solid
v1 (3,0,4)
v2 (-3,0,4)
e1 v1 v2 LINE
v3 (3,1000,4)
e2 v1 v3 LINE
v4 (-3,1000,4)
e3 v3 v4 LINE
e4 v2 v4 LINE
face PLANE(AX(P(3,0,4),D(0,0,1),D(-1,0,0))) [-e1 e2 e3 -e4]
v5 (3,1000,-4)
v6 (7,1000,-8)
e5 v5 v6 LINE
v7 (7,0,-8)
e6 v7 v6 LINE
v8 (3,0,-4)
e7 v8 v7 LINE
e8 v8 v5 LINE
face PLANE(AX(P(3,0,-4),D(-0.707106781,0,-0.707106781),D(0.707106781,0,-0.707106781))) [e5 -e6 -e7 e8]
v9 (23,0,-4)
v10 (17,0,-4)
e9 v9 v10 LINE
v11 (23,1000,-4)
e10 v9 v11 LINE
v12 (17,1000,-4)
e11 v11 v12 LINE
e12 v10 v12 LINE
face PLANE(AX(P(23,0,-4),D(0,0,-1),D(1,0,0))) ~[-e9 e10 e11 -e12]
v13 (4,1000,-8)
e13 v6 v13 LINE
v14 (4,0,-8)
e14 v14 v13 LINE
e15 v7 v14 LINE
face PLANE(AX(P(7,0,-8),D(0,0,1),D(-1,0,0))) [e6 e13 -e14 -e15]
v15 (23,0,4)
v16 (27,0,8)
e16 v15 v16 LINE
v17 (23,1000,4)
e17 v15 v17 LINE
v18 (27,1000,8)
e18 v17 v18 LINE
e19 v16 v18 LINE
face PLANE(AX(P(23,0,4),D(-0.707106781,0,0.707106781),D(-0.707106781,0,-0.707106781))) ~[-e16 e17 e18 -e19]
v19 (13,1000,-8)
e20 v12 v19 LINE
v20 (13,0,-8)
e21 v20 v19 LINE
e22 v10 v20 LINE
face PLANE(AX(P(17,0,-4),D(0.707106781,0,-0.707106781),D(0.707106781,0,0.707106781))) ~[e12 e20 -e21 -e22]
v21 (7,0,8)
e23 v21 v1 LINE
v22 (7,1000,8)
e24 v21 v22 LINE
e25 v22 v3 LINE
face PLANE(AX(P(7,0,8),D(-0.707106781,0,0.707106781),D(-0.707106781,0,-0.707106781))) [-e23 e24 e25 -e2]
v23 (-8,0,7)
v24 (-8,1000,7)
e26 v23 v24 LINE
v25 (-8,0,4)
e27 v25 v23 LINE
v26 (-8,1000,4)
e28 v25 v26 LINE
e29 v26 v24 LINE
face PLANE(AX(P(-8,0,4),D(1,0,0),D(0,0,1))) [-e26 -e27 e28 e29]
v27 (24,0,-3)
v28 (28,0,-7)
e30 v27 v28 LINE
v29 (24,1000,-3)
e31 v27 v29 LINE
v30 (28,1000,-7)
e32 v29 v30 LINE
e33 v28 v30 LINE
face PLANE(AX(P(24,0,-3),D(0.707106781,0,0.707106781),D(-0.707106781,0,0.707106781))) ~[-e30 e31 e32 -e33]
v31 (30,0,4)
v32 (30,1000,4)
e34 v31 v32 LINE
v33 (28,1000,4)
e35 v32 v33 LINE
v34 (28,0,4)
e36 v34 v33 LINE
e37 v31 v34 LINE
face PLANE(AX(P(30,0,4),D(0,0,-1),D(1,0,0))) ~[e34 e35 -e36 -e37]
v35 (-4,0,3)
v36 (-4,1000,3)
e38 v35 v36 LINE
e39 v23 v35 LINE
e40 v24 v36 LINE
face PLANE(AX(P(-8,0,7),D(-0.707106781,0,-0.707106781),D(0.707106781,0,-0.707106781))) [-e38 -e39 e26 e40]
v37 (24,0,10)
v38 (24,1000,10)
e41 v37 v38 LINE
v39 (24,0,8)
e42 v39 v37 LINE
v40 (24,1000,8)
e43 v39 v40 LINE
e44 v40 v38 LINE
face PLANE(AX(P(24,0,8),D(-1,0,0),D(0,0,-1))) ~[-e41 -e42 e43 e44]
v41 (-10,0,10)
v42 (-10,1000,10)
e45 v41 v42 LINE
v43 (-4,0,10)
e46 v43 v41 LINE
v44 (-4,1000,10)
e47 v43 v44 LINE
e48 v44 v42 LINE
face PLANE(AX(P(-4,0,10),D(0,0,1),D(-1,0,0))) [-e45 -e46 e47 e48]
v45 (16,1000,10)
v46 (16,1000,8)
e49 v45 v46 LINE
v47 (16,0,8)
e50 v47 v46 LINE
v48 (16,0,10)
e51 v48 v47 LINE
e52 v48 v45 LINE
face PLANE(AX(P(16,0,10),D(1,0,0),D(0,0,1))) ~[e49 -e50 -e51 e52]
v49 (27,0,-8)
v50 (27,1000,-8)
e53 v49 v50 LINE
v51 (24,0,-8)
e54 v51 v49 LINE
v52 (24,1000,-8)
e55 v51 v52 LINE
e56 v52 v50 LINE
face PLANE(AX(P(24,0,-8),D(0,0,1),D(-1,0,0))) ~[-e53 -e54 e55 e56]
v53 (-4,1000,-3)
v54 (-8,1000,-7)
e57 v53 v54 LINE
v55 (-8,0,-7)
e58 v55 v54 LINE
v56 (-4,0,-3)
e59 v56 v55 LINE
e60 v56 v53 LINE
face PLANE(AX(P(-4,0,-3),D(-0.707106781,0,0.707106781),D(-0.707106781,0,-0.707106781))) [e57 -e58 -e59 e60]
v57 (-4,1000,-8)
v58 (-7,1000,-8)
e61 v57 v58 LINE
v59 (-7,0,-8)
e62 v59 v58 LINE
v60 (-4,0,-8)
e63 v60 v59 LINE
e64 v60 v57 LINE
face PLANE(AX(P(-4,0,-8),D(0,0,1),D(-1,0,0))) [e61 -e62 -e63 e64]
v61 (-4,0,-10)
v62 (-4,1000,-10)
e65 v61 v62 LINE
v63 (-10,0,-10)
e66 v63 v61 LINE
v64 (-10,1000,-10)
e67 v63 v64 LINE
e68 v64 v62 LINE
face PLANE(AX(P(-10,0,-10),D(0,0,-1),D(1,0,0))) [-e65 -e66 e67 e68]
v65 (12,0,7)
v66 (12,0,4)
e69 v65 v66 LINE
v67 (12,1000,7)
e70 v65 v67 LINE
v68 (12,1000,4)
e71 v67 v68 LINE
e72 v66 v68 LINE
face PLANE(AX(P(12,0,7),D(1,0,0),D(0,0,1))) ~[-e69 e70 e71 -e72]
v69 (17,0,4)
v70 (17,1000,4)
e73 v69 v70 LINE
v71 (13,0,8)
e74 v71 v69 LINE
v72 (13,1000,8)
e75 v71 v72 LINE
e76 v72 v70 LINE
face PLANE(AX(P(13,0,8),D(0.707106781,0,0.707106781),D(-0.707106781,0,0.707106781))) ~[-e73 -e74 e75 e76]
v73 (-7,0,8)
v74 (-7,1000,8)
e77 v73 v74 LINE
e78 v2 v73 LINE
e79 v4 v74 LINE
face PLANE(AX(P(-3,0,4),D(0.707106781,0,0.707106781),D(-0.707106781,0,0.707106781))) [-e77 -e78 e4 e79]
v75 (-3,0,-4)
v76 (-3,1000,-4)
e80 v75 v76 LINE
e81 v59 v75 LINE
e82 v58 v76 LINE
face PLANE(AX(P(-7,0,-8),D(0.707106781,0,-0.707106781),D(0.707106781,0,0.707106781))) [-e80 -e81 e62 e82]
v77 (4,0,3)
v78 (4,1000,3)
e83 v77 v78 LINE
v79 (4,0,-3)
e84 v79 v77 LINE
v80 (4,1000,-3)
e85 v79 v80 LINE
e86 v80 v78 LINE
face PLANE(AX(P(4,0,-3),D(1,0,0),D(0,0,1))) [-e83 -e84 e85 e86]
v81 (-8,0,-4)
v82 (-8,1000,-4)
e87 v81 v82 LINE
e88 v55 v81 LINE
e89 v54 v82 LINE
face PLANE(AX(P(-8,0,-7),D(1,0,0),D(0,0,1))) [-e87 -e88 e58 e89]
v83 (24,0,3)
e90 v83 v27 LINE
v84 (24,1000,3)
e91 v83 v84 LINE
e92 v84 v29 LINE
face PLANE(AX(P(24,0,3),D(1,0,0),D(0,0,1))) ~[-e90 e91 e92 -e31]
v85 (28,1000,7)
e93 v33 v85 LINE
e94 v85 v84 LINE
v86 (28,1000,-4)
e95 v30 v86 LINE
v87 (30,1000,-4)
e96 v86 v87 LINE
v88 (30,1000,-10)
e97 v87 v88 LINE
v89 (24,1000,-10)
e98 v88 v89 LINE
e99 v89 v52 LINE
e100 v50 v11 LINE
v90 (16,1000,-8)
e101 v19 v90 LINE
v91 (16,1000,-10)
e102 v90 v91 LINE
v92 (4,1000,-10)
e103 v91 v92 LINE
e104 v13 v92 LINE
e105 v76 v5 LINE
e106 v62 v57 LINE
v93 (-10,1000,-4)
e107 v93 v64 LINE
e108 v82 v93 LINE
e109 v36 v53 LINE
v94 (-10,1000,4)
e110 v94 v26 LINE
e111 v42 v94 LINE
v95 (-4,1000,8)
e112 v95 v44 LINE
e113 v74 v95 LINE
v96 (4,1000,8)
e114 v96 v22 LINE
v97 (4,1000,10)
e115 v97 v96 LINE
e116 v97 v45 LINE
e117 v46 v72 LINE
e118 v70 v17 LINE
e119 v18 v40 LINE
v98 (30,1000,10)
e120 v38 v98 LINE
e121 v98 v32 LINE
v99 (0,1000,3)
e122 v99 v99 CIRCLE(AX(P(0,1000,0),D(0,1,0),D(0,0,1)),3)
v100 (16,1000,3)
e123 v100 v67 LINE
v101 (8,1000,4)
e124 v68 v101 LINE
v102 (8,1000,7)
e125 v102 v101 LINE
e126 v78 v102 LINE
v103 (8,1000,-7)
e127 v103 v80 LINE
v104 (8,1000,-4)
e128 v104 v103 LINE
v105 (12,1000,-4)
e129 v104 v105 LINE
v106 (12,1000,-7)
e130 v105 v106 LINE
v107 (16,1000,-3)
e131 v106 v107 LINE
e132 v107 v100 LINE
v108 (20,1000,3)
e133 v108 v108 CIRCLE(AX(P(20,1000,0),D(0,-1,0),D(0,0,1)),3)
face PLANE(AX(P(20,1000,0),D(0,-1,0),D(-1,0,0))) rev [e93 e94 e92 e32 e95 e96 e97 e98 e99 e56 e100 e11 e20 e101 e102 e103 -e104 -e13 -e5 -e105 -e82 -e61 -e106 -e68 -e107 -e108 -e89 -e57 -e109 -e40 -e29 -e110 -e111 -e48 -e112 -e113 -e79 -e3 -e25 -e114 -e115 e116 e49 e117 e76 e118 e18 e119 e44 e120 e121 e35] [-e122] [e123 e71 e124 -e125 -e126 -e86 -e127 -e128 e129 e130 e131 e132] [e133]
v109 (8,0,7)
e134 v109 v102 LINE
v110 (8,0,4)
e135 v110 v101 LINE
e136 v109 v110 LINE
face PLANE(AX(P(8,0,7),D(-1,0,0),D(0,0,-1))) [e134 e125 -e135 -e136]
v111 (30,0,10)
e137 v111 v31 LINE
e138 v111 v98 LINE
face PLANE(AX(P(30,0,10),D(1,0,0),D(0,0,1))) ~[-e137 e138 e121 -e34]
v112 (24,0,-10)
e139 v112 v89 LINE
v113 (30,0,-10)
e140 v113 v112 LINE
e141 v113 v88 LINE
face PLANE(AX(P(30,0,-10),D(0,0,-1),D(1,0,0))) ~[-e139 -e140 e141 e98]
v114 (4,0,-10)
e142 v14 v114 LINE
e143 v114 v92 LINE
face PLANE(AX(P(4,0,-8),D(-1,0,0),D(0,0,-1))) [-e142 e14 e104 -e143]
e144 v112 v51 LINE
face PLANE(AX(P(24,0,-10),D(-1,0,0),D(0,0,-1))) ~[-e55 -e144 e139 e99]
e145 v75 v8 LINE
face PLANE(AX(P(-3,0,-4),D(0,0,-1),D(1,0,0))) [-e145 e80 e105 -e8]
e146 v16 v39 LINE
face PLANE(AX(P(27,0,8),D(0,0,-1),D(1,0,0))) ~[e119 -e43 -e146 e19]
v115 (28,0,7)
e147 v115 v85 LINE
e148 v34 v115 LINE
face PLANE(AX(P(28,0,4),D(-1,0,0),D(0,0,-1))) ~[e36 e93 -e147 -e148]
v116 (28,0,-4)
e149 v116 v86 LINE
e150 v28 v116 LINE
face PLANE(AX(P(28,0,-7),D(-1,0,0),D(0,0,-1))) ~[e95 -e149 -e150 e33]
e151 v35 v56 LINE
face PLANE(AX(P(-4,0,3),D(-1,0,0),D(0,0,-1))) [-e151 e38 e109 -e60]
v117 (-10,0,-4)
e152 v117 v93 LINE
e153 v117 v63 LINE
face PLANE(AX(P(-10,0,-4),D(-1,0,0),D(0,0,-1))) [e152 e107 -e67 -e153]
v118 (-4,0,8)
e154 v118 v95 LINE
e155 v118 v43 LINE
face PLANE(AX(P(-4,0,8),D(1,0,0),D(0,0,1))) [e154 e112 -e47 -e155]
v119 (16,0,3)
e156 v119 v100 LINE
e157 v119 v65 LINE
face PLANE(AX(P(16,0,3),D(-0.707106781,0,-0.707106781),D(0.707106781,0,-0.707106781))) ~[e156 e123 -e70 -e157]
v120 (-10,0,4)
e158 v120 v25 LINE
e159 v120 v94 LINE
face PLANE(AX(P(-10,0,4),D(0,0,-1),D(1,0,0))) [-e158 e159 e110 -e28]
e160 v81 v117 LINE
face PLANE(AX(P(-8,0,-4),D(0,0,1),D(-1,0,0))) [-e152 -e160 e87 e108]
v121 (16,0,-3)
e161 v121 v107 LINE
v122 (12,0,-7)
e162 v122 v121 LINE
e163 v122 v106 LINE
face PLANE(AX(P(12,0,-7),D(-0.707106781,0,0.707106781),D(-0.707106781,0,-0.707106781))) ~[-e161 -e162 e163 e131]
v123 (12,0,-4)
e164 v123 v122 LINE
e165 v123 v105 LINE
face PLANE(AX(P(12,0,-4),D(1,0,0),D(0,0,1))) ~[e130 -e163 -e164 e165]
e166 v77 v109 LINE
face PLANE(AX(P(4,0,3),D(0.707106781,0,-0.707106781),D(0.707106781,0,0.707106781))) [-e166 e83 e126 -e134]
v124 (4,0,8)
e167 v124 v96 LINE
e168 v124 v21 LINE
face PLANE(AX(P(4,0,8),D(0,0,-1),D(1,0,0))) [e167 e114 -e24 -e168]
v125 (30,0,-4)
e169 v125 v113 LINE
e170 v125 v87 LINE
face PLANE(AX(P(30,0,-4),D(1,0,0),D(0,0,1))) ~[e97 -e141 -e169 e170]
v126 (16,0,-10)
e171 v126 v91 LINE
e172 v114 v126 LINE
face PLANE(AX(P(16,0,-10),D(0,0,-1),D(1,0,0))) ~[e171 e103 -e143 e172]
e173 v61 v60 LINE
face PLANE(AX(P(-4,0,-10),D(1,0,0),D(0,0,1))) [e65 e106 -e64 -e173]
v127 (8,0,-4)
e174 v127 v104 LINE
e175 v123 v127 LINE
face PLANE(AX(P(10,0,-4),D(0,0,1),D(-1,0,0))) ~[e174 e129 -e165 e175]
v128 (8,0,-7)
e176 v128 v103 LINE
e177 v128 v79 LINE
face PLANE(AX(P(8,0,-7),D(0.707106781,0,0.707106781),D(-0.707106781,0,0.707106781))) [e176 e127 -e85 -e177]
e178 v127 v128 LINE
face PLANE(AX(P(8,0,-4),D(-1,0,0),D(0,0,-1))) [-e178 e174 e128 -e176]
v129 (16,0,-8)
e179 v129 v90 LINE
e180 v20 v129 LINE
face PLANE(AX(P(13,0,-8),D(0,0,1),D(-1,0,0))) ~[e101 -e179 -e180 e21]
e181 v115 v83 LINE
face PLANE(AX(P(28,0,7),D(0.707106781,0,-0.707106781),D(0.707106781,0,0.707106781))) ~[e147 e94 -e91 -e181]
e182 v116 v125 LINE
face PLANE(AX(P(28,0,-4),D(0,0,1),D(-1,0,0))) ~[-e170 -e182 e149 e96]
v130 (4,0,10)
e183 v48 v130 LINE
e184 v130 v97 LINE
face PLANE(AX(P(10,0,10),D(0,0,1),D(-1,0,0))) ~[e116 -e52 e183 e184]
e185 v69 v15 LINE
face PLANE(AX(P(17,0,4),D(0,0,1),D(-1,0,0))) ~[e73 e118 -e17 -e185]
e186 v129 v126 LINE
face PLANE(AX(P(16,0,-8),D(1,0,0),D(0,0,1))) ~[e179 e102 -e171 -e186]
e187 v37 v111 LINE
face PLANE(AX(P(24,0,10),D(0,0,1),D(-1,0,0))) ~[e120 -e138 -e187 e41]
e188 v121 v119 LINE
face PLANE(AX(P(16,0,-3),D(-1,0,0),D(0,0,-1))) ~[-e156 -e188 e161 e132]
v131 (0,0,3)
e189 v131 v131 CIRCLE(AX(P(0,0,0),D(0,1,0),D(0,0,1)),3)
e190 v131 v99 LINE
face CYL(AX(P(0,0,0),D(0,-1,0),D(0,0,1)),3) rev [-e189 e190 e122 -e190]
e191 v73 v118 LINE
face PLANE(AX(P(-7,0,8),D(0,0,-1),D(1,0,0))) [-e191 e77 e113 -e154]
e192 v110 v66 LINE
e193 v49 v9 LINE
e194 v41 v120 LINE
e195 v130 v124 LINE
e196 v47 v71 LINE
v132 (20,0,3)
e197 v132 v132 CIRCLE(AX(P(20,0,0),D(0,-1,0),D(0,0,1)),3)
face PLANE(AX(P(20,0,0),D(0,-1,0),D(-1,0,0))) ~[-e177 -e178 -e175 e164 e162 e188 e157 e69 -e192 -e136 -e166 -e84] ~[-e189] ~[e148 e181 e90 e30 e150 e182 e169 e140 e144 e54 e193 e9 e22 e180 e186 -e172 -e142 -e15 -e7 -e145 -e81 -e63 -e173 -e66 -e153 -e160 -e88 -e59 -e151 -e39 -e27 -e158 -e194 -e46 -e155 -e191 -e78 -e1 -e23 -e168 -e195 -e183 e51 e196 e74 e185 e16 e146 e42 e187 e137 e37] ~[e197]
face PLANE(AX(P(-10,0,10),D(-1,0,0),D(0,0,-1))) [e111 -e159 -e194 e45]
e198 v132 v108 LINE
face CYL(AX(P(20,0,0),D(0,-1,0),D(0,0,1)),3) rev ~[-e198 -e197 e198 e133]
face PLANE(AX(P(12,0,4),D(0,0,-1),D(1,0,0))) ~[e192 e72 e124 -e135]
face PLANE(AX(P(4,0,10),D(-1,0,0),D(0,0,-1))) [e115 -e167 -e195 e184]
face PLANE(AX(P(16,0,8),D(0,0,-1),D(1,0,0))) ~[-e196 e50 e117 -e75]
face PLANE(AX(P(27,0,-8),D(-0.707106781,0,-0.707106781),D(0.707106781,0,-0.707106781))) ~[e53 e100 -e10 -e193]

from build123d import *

# Parameters (mm, degrees)
F_2020_SKETCH_R     = 3
BOSS_EXTRUDE1_DEPTH = 1000


with BuildPart() as part:
    # 2020 sketch → Boss-Extrude1 (new body)
    with BuildSketch(Plane(origin=(0, 0, 0), x_dir=(1, 0, 0), z_dir=(0, 1, 0))):
        Polygon((-4, 10), (-4, 8), (-7, 8), (-3, 4), (3, 4), (7, 8), (4, 8), (4, 10), (10, 10), (10, 4), (8, 4), (8, 7), (4, 3), (4, -3), (8, -7), (8, -4), (10, -4), (10, -10), (4, -10), (4, -8), (7, -8), (3, -4), (-3, -4), (-7, -8), (-4, -8), (-4, -10), (-10, -10), (-10, -4), (-8, -4), (-8, -7), (-4, -3), (-4, 3), (-8, 7), (-8, 4), (-10, 4), (-10, 10), align=None)
        with Locations(Location((0, 0, 0), (0, 0, 270))):
            Circle(F_2020_SKETCH_R, mode=Mode.SUBTRACT)
    boss_extrude1 = extrude(amount=BOSS_EXTRUDE1_DEPTH)

    # Mirror1: Boss-Extrude1 across plane
    add(boss_extrude1.mirror(Plane(origin=(10, 1000, 4), x_dir=(0, 0, 1), z_dir=(1, 0, 0))))


solid = part.part
